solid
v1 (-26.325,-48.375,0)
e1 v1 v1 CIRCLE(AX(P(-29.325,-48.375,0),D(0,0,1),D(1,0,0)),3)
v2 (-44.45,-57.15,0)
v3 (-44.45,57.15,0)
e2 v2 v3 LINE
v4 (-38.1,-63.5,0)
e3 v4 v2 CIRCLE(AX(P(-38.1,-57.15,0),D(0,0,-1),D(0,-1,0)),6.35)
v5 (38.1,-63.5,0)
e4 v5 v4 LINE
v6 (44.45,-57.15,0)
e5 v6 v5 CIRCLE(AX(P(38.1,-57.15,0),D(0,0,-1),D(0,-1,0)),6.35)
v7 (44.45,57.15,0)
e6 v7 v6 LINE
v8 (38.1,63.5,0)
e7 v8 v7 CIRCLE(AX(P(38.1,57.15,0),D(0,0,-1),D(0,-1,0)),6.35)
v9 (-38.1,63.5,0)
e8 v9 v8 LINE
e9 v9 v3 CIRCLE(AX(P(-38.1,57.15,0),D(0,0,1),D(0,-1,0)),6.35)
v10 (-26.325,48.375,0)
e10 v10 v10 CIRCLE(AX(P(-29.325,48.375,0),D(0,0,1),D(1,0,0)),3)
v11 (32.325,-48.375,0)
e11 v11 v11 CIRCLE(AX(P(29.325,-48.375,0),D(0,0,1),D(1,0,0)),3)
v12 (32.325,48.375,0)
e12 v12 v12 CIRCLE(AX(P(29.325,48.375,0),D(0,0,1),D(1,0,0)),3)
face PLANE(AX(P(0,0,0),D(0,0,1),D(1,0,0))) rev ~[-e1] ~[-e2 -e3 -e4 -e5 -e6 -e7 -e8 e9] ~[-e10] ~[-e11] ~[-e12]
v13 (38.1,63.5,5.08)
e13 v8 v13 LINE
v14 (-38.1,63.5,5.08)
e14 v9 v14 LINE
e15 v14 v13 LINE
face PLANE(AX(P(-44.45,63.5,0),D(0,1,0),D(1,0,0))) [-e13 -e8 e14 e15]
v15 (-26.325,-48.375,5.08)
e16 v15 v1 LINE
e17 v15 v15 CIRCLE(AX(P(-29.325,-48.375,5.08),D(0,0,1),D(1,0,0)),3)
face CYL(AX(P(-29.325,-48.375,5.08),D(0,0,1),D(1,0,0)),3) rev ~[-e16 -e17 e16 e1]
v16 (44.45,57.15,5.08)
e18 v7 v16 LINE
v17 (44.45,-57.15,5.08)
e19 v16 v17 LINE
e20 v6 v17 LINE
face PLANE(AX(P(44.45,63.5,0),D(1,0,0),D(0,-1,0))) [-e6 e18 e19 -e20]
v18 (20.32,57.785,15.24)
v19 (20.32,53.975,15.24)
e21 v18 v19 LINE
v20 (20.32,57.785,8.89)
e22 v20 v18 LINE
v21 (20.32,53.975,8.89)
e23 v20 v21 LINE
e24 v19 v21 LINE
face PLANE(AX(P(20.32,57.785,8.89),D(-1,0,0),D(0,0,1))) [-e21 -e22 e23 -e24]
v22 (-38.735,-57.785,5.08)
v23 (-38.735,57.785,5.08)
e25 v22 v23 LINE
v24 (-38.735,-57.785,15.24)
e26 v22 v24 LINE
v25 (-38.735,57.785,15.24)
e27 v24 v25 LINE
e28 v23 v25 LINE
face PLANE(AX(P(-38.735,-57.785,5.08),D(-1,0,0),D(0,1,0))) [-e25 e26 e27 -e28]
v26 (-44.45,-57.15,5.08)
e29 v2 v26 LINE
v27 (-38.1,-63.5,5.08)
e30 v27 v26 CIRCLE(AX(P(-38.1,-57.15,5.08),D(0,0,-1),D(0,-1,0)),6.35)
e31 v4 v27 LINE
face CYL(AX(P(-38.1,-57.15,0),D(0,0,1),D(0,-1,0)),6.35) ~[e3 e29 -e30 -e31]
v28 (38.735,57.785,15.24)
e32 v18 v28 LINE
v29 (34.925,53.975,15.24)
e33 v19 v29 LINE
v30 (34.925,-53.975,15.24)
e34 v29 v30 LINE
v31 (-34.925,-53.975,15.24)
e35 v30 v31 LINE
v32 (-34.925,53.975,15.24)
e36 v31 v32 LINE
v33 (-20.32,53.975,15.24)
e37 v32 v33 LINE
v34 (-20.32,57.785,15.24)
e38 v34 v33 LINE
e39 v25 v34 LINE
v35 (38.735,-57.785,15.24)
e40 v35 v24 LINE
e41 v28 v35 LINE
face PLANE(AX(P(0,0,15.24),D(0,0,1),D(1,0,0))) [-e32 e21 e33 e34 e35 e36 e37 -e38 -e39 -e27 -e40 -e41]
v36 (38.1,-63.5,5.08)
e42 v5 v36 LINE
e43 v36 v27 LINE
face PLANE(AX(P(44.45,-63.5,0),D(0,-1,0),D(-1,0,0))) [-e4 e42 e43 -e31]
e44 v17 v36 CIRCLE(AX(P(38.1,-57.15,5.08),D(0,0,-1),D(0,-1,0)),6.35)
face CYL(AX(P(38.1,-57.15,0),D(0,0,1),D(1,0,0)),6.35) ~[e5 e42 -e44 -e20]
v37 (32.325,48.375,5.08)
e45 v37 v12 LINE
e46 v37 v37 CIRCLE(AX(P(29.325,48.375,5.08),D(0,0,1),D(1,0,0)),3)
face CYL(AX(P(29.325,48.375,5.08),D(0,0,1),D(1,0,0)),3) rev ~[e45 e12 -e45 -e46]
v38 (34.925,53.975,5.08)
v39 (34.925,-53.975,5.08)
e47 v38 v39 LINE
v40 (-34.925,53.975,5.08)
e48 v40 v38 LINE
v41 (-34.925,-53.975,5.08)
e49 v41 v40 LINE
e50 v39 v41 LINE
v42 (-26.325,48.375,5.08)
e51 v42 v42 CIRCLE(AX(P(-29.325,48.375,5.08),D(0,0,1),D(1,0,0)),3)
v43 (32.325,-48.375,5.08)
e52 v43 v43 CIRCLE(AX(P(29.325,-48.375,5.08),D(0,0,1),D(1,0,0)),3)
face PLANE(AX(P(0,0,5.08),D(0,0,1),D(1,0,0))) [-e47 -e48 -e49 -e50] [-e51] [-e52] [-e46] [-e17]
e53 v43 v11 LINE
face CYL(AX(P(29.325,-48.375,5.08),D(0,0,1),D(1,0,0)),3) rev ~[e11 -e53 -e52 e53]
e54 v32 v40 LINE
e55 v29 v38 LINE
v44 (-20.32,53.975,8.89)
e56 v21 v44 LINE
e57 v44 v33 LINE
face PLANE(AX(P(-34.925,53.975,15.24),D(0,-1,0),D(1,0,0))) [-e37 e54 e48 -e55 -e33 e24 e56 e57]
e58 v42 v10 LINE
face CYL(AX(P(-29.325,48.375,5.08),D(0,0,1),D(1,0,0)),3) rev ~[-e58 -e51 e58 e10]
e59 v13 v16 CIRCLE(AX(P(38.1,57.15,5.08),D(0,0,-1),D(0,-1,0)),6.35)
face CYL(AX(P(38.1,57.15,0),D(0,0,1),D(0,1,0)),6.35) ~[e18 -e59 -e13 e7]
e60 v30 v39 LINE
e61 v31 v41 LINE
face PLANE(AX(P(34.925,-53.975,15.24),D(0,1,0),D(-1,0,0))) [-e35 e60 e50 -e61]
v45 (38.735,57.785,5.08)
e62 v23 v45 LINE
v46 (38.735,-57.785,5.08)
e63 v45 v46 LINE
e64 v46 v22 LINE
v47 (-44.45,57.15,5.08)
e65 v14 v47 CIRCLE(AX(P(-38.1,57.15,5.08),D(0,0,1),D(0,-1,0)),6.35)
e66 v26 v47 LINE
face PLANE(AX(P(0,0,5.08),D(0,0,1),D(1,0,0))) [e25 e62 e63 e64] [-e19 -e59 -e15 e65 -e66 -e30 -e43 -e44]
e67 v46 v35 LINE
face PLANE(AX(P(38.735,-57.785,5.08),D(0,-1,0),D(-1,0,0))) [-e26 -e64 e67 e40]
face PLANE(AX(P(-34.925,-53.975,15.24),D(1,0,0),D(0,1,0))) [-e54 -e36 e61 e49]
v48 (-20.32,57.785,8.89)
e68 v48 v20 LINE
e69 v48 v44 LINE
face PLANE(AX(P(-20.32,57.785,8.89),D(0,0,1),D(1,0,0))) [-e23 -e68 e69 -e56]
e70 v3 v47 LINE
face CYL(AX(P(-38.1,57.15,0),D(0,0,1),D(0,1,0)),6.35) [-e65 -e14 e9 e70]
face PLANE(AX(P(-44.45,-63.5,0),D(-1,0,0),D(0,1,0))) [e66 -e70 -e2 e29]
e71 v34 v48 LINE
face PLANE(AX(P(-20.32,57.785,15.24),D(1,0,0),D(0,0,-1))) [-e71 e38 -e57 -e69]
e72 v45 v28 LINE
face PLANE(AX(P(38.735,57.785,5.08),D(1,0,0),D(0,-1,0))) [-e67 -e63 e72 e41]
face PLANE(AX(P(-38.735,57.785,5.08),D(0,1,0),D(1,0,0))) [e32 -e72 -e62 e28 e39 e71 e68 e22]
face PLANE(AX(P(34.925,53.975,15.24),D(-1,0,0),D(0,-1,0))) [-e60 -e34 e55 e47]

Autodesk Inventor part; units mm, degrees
ref_plane "YZ Plane" through (0, 0, 0) normal (1, 0, 0) x (0, 1, 0)
ref_plane "XZ Plane" through (0, 0, 0) normal (0, 1, 0) x (-1, 0, 0)
ref_plane "XY Plane" through (0, 0, 0) normal (0, 0, 1) x (1, 0, 0)
sketch "Sketch1" plane through (0, 0, 0) normal (0, 0, 1) x (1, 0, 0)
  line L0 (-44.45, 63.5) -> (44.45, 63.5)
  line L1 (44.45, 63.5) -> (44.45, -63.5)
  line L2 (44.45, -63.5) -> (-44.45, -63.5)
  line L3 (-44.45, -63.5) -> (-44.45, 63.5)
  line L4 (0, 63.5) -> (0, -63.5) construction
  point P0 (0, 0)
  point P1 (0, 0)
  dimension "d0" = 88.9
  dimension "d1" = 127
extrude "Extrusion1" add sketch "Sketch1" along normal blind 5.08
fillet "Fillet1" radius 6.35 4 edges at (44.45, 63.5, 2.54) (-44.45, 63.5, 2.54) (44.45, -63.5, 2.54) (-44.45, -63.5, 2.54)
sketch "Sketch2" plane through (0, 0, 5.08) normal (0, 0, 1) x (1, 0, 0)
  line L0 (-38.735, 57.785) -> (38.735, 57.785)
  line L1 (38.735, 57.785) -> (38.735, -57.785)
  line L2 (38.735, -57.785) -> (-38.735, -57.785)
  line L3 (-38.735, -57.785) -> (-38.735, 57.785)
  line L4 (38.1, 63.5) -> (-38.1, 63.5) construction
  line L5 (44.45, -57.15) -> (44.45, 57.15) construction
  line L6 (0, 57.785) -> (0, -57.785) construction
  point P0 (0, 0)
  point P1 (0, 0)
  dimension "d5" = 77.47
  dimension "d6" = 115.57
extrude "Extrusion2" add sketch "Sketch2" along normal blind 10.16
sketch "Sketch3" plane through (0, 0, 15.24) normal (0, 0, 1) x (1, 0, 0)
  line L0 (-34.925, 53.975) -> (34.925, 53.975)
  line L1 (34.925, 53.975) -> (34.925, -53.975)
  line L2 (34.925, -53.975) -> (-34.925, -53.975)
  line L3 (-34.925, -53.975) -> (-34.925, 53.975)
  line L4 (0, -53.975) -> (0, 53.975) construction
  line L5 (38.735, 57.785) -> (-38.735, 57.785) projected
  line L6 (-38.735, 57.785) -> (-38.735, -57.785) projected
  point P0 (0, 0)
  point P1 (0, 0)
  dimension "d9" = 3.81
  dimension "d10" = 3.81
extrude "Extrusion3" cut sketch "Sketch3" against normal blind 10.16
sketch "Sketch4" plane through (-38.735, 57.785, 5.08) normal (0, 1, 0) x (1, 0, 0)
  line L0 (77.47, -10.16) -> (0, -10.16) projected
  line L1 (59.055, -10.16) -> (18.415, -10.16)
  line L2 (18.415, -10.16) -> (18.415, -3.81)
  line L3 (18.415, -3.81) -> (59.055, -3.81)
  line L4 (59.055, -3.81) -> (59.055, -10.16)
  point P0 (38.735, 5.08)
  point P1 (38.735, -10.16)
  dimension "d13" = 40.64
  dimension "d14" = 6.35
extrude "Extrusion4" cut sketch "Sketch4" against normal blind 10.16
sketch "Sketch5" plane through (0, 0, 5.08) normal (0, 0, 1) x (1, 0, 0)
  circle A0 centre (-29.325, 48.375) radius 3
  line L0 (20.32, 53.975) -> (-20.32, 53.975) construction
  line L1 (0, 53.975) -> (0, 7.6098) construction
  line L2 (0, 0) -> (12.3821, 0) construction
  line L3 (-34.925, 53.975) -> (-20.32, 53.975) construction
  line L4 (-34.925, -53.975) -> (-34.925, 53.975) construction
  circle A1 centre (29.325, 48.375) radius 3
  circle A2 centre (-29.325, -48.375) radius 3
  circle A3 centre (29.325, -48.375) radius 3
  dimension "d17" = 6
  dimension "d18" = 5.6
  dimension "d19" = 5.6
extrude "Extrusion5" cut sketch "Sketch5" against normal blind 10
properties part number "EnclosureTop"
